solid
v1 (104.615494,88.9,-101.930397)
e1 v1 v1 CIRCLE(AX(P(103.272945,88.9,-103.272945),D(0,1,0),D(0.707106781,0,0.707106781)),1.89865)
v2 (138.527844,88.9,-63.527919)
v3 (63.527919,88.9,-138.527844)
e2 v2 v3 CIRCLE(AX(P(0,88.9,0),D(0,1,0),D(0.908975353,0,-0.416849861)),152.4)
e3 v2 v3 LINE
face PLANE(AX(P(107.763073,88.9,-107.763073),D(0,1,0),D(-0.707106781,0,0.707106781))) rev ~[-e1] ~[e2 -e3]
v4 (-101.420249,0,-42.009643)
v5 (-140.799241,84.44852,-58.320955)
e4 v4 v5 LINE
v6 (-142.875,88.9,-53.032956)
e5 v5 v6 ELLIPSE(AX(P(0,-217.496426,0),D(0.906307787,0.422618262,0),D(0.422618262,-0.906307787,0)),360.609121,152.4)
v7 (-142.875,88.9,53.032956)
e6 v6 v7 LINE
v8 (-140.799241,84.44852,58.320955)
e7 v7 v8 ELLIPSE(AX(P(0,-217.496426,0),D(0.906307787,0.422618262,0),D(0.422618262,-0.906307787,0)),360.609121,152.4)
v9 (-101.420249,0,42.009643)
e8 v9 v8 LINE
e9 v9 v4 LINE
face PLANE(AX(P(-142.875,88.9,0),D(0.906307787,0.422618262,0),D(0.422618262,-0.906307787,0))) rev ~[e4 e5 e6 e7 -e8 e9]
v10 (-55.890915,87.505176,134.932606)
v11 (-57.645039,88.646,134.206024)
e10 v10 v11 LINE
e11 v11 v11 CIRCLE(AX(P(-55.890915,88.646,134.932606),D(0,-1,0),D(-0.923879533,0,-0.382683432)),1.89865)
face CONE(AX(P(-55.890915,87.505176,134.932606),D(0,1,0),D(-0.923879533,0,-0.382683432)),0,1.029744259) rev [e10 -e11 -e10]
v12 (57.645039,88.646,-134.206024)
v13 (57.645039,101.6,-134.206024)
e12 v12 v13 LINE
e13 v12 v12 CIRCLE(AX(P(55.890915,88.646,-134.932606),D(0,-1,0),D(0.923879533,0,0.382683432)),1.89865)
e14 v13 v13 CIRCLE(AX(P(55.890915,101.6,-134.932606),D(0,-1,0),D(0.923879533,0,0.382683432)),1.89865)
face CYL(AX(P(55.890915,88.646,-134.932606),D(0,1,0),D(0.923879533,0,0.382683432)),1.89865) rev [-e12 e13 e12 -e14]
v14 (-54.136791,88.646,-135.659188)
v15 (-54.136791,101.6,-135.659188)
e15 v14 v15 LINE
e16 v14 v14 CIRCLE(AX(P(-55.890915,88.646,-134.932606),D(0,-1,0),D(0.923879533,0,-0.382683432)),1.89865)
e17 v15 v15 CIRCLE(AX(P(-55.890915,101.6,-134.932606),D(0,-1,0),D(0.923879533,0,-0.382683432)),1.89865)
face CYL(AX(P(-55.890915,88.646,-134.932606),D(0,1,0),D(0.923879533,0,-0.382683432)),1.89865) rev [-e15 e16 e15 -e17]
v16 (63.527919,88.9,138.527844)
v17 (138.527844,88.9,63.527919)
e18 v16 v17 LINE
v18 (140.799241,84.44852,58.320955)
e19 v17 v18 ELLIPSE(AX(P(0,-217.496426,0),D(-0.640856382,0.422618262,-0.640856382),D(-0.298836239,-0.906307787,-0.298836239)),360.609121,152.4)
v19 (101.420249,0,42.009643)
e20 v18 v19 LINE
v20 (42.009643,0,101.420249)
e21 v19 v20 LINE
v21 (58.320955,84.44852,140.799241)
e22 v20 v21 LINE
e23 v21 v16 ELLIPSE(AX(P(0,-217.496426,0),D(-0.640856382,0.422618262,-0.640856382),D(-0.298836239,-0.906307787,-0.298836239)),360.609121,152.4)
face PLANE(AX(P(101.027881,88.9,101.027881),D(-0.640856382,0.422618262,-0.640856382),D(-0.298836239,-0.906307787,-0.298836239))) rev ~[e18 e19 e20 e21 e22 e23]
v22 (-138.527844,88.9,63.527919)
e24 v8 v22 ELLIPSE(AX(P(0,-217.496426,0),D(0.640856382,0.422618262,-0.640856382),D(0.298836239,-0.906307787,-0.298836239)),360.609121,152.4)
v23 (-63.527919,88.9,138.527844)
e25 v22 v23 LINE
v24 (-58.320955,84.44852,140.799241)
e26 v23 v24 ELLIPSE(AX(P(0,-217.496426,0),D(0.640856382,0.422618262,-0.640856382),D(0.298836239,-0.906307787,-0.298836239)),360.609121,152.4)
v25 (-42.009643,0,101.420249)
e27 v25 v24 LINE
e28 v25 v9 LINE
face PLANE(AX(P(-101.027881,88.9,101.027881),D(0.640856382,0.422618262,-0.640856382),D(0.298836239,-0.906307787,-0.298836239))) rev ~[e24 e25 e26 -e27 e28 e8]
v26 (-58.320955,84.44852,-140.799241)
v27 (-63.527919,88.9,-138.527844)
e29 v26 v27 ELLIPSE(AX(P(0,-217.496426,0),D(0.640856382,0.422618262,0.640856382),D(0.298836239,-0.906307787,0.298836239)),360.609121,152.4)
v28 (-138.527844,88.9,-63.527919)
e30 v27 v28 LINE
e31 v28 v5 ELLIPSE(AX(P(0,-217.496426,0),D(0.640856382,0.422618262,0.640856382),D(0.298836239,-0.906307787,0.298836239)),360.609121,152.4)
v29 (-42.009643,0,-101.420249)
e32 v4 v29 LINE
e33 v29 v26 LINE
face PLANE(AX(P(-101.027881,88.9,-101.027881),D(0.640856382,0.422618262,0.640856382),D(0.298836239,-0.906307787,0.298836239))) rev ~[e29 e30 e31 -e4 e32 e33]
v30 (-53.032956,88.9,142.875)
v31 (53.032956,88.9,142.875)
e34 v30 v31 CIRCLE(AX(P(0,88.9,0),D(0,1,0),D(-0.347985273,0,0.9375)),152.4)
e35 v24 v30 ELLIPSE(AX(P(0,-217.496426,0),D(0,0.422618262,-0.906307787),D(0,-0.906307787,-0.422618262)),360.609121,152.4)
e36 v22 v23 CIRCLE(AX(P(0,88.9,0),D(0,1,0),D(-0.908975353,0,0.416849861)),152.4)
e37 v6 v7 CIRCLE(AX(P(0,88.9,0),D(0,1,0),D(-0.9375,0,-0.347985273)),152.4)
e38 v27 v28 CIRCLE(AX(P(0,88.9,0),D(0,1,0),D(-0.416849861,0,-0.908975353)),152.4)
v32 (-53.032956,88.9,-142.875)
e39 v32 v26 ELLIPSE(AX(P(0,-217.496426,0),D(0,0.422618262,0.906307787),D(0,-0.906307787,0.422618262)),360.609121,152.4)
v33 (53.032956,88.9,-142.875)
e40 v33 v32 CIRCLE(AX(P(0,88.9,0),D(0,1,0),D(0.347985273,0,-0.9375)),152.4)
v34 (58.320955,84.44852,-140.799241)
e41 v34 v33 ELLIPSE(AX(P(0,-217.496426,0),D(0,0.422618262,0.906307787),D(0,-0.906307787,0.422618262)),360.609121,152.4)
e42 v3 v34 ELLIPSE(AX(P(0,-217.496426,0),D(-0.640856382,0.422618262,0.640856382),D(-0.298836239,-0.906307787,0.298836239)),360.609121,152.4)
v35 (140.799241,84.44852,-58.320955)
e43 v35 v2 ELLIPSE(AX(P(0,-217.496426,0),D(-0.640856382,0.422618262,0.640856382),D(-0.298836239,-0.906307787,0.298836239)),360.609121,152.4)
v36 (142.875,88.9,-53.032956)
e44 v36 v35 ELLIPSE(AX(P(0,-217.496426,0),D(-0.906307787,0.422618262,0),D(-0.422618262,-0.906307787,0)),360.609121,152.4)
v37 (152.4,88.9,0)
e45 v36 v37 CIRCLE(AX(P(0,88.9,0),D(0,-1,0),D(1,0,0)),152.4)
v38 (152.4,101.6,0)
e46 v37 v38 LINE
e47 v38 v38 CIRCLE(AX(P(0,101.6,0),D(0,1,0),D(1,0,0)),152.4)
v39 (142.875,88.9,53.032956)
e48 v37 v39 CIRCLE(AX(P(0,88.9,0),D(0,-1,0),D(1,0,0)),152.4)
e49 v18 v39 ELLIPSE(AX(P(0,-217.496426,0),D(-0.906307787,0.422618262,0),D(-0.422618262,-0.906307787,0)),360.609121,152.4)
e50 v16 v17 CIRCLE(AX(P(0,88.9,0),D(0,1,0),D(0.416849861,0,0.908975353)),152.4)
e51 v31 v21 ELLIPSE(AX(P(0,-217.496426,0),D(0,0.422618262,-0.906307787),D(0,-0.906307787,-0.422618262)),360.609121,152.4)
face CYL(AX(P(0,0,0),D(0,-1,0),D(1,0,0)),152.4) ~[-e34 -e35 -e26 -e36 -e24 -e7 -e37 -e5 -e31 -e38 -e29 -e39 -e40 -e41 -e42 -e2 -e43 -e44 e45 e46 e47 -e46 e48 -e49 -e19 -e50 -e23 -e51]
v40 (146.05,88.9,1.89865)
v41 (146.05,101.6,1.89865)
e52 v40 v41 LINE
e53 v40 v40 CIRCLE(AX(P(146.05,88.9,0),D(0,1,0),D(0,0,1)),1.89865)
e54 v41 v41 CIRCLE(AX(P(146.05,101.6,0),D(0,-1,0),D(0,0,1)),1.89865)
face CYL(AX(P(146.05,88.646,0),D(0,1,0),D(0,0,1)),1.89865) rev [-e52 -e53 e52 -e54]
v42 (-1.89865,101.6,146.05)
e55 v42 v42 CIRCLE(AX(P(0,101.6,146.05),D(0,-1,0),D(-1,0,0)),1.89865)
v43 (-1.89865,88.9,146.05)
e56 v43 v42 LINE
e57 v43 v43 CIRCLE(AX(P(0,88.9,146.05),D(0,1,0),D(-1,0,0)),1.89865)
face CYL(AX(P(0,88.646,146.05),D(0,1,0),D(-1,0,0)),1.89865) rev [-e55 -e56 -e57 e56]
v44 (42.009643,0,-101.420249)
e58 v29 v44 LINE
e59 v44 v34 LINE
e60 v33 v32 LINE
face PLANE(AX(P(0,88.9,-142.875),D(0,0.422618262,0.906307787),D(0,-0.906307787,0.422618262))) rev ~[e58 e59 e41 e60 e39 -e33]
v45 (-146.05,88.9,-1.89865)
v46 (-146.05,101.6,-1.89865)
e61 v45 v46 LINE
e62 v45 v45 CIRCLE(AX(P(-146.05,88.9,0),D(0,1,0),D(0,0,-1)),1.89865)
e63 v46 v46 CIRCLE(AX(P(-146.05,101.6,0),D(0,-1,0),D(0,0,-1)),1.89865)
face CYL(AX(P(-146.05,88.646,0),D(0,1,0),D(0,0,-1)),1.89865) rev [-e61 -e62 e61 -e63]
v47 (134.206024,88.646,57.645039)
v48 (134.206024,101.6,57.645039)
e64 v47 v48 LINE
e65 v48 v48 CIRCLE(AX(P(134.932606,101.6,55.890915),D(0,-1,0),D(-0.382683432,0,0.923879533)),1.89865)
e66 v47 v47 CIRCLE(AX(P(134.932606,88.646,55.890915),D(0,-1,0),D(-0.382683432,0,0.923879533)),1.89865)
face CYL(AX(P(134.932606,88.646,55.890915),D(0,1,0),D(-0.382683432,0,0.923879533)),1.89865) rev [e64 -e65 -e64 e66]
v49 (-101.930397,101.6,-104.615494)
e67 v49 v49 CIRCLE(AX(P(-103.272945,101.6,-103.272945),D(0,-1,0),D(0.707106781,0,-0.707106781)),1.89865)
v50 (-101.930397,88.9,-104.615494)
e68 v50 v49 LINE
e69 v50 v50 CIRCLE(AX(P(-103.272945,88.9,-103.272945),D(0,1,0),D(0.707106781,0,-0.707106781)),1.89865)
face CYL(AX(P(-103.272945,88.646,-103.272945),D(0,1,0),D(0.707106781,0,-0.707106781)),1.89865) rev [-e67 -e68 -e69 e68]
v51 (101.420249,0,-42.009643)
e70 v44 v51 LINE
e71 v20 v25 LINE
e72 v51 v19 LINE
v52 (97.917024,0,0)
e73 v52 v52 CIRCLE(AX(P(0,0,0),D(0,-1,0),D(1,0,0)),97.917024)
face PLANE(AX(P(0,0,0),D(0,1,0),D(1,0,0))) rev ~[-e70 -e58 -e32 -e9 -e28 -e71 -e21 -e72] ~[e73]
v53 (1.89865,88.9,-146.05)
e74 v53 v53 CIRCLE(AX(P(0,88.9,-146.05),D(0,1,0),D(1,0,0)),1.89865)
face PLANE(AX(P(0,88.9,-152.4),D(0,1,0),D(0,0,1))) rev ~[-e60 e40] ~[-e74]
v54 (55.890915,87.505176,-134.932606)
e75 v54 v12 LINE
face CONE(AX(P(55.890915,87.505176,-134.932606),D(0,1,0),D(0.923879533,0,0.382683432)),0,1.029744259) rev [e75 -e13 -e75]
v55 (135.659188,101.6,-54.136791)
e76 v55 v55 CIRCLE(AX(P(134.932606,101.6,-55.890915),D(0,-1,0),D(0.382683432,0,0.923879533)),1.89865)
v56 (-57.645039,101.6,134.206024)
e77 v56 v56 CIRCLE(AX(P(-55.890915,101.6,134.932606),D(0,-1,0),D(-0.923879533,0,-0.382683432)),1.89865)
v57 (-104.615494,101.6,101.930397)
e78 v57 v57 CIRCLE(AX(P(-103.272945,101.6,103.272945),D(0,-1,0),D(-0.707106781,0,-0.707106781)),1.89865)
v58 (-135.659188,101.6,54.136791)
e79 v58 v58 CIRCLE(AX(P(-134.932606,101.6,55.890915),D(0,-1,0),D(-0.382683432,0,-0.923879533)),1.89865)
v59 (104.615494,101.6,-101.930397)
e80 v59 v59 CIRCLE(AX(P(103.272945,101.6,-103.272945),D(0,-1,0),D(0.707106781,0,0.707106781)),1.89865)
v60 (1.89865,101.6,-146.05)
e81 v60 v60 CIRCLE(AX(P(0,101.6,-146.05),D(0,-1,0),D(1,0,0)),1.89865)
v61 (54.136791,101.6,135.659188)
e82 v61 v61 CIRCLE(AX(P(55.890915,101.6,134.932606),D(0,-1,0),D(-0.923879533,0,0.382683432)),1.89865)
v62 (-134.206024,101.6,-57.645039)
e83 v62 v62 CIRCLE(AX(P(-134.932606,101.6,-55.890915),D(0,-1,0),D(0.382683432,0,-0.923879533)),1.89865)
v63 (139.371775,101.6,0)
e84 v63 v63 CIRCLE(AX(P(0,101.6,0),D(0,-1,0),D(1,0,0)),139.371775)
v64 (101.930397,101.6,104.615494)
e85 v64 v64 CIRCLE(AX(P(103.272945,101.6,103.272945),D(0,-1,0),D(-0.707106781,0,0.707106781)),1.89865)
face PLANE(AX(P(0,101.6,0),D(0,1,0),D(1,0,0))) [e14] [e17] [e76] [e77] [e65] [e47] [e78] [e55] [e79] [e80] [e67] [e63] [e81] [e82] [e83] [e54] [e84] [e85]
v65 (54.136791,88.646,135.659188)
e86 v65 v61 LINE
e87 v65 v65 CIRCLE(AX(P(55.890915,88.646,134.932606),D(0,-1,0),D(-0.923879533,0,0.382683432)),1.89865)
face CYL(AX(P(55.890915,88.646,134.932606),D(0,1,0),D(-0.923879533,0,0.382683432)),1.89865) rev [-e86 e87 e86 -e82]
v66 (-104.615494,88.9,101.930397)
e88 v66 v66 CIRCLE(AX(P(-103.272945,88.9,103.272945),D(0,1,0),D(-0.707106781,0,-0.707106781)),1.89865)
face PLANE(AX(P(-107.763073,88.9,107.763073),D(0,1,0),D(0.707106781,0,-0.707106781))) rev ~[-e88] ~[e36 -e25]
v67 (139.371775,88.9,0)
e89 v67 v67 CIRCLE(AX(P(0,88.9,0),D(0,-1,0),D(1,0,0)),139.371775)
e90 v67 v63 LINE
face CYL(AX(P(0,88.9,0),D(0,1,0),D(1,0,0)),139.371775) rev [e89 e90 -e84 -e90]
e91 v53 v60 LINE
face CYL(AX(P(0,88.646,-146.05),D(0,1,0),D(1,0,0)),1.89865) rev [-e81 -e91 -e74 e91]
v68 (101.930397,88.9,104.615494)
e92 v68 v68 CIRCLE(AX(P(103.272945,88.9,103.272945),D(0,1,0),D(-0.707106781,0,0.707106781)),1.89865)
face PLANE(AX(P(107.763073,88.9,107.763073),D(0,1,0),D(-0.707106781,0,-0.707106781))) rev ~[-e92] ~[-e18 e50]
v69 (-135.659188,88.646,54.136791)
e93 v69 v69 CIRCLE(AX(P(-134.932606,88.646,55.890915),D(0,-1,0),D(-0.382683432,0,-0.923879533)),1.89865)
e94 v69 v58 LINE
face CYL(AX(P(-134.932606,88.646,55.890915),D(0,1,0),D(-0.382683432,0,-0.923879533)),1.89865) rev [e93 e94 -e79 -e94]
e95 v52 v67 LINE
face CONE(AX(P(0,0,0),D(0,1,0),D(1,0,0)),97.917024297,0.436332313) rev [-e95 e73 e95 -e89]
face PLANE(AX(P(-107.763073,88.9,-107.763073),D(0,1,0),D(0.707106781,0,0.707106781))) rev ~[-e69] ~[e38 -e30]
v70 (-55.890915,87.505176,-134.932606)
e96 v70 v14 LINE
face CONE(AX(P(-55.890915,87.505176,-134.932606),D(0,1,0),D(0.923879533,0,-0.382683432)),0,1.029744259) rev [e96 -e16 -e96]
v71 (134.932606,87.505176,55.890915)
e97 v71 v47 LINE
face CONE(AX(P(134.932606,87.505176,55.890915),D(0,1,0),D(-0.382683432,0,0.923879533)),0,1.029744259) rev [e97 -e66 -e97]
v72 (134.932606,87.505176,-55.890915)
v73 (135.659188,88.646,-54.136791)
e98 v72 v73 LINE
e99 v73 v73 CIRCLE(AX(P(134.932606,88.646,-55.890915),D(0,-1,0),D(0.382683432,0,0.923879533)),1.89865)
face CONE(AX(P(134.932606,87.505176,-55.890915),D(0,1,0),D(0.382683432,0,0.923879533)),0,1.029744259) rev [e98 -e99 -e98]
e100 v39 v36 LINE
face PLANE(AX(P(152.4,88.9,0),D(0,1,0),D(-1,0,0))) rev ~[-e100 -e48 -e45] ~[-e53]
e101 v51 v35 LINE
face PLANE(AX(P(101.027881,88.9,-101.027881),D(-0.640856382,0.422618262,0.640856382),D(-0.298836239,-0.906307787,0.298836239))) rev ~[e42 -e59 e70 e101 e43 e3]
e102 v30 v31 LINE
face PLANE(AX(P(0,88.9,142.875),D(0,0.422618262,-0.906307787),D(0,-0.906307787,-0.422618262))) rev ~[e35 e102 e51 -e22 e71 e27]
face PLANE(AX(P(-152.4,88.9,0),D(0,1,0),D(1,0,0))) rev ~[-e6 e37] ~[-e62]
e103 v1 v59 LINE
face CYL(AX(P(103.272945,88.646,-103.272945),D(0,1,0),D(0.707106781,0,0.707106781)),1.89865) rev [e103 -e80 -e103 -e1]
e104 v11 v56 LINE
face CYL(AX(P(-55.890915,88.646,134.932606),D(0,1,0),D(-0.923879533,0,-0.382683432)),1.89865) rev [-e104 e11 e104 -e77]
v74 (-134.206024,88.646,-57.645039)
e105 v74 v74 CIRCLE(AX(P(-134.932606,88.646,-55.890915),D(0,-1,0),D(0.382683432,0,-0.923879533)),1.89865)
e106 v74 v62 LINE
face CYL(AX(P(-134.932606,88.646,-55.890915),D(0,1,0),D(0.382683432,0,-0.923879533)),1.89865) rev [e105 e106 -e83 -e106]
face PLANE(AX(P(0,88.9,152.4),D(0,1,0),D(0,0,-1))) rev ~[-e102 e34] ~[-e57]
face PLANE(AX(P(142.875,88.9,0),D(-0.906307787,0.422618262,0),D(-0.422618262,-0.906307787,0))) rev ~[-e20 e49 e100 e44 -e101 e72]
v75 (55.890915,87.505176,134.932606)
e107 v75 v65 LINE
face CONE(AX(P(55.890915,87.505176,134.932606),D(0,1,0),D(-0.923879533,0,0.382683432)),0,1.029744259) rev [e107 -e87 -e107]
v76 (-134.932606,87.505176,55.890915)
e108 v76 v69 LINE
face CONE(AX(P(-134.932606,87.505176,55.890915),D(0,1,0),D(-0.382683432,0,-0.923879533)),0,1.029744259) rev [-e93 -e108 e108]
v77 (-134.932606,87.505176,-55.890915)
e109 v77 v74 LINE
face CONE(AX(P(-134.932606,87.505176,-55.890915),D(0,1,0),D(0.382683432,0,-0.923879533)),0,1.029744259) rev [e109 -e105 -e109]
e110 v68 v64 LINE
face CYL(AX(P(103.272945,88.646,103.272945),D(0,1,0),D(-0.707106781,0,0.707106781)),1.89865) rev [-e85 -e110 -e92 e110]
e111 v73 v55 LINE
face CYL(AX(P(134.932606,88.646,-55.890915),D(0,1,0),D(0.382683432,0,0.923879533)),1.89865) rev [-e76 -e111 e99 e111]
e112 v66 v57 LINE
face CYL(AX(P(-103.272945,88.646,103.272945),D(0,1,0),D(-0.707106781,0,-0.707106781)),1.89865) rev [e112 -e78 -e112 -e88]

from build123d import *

# Parameters (mm, degrees)
SKETCH3_R           = 152.4
BOSS_EXTRUDE1_DEPTH = 101.6
CUT_EXTRUDE1_DEPTH  = 153.4
CIRPATTERN1_COUNT   = 8
CIRPATTERN2_COUNT   = 16


with BuildPart() as part:
    # Sketch3 → Boss-Extrude1 (new body)
    with BuildSketch(Plane(origin=(0, 0, 0), x_dir=(1, 0, 0), z_dir=(0, 1, 0))):
        Circle(SKETCH3_R)
    extrude(amount=BOSS_EXTRUDE1_DEPTH)

    # Sketch4 → Cut-Extrude1 (cut, symmetric)
    with BuildSketch(Plane.XY):
        Polygon((142.875, 88.9), (101.42024919, 0), (152.4, 0), (152.4, 88.9), align=None)
    cut_extrude1 = extrude(amount=CUT_EXTRUDE1_DEPTH, both=True, mode=Mode.SUBTRACT)

    # CirPattern1: Cut-Extrude1 ×8 about axis
    cirpattern1_axis = Axis((0, 0, 0), (0, 1, 0))
    for i in range(1, CIRPATTERN1_COUNT):
        add(cut_extrude1.rotate(cirpattern1_axis, i * 360 / CIRPATTERN1_COUNT), mode=Mode.SUBTRACT)

    # Sketch7 → Cut-Revolve1 (revolve, cut)
    with BuildSketch(Plane.XY):
        Polygon((97.917024297, 0), (139.371775107, 88.9), (139.371775107, 101.6), (0, 101.6), (0, 0), align=None)
    revolve(axis=Axis((0, 101.6, 0), (0, -1, 0)), mode=Mode.SUBTRACT)

    # Sketch9 → #10-24 Tapped Hole1 (revolve, cut)
    with BuildSketch(Plane(origin=(146.05, 101.6, 0), x_dir=(0, 0, 1), z_dir=(1, 0, 0))):
        Polygon((0, 0), (0, 14.094824014), (1.89865, 12.954), (1.89865, 0), align=None)
    f_10_24_tapped_hole1 = revolve(axis=Axis((146.05, 107.95, 0), (0, -1, 0)), mode=Mode.SUBTRACT)

    # CirPattern2: #10-24 Tapped Hole1 ×16 about axis
    cirpattern2_axis = Axis((0, 0, 0), (0, 1, 0))
    for i in range(1, CIRPATTERN2_COUNT):
        add(f_10_24_tapped_hole1.rotate(cirpattern2_axis, i * 360 / CIRPATTERN2_COUNT), mode=Mode.SUBTRACT)


solid = part.part
